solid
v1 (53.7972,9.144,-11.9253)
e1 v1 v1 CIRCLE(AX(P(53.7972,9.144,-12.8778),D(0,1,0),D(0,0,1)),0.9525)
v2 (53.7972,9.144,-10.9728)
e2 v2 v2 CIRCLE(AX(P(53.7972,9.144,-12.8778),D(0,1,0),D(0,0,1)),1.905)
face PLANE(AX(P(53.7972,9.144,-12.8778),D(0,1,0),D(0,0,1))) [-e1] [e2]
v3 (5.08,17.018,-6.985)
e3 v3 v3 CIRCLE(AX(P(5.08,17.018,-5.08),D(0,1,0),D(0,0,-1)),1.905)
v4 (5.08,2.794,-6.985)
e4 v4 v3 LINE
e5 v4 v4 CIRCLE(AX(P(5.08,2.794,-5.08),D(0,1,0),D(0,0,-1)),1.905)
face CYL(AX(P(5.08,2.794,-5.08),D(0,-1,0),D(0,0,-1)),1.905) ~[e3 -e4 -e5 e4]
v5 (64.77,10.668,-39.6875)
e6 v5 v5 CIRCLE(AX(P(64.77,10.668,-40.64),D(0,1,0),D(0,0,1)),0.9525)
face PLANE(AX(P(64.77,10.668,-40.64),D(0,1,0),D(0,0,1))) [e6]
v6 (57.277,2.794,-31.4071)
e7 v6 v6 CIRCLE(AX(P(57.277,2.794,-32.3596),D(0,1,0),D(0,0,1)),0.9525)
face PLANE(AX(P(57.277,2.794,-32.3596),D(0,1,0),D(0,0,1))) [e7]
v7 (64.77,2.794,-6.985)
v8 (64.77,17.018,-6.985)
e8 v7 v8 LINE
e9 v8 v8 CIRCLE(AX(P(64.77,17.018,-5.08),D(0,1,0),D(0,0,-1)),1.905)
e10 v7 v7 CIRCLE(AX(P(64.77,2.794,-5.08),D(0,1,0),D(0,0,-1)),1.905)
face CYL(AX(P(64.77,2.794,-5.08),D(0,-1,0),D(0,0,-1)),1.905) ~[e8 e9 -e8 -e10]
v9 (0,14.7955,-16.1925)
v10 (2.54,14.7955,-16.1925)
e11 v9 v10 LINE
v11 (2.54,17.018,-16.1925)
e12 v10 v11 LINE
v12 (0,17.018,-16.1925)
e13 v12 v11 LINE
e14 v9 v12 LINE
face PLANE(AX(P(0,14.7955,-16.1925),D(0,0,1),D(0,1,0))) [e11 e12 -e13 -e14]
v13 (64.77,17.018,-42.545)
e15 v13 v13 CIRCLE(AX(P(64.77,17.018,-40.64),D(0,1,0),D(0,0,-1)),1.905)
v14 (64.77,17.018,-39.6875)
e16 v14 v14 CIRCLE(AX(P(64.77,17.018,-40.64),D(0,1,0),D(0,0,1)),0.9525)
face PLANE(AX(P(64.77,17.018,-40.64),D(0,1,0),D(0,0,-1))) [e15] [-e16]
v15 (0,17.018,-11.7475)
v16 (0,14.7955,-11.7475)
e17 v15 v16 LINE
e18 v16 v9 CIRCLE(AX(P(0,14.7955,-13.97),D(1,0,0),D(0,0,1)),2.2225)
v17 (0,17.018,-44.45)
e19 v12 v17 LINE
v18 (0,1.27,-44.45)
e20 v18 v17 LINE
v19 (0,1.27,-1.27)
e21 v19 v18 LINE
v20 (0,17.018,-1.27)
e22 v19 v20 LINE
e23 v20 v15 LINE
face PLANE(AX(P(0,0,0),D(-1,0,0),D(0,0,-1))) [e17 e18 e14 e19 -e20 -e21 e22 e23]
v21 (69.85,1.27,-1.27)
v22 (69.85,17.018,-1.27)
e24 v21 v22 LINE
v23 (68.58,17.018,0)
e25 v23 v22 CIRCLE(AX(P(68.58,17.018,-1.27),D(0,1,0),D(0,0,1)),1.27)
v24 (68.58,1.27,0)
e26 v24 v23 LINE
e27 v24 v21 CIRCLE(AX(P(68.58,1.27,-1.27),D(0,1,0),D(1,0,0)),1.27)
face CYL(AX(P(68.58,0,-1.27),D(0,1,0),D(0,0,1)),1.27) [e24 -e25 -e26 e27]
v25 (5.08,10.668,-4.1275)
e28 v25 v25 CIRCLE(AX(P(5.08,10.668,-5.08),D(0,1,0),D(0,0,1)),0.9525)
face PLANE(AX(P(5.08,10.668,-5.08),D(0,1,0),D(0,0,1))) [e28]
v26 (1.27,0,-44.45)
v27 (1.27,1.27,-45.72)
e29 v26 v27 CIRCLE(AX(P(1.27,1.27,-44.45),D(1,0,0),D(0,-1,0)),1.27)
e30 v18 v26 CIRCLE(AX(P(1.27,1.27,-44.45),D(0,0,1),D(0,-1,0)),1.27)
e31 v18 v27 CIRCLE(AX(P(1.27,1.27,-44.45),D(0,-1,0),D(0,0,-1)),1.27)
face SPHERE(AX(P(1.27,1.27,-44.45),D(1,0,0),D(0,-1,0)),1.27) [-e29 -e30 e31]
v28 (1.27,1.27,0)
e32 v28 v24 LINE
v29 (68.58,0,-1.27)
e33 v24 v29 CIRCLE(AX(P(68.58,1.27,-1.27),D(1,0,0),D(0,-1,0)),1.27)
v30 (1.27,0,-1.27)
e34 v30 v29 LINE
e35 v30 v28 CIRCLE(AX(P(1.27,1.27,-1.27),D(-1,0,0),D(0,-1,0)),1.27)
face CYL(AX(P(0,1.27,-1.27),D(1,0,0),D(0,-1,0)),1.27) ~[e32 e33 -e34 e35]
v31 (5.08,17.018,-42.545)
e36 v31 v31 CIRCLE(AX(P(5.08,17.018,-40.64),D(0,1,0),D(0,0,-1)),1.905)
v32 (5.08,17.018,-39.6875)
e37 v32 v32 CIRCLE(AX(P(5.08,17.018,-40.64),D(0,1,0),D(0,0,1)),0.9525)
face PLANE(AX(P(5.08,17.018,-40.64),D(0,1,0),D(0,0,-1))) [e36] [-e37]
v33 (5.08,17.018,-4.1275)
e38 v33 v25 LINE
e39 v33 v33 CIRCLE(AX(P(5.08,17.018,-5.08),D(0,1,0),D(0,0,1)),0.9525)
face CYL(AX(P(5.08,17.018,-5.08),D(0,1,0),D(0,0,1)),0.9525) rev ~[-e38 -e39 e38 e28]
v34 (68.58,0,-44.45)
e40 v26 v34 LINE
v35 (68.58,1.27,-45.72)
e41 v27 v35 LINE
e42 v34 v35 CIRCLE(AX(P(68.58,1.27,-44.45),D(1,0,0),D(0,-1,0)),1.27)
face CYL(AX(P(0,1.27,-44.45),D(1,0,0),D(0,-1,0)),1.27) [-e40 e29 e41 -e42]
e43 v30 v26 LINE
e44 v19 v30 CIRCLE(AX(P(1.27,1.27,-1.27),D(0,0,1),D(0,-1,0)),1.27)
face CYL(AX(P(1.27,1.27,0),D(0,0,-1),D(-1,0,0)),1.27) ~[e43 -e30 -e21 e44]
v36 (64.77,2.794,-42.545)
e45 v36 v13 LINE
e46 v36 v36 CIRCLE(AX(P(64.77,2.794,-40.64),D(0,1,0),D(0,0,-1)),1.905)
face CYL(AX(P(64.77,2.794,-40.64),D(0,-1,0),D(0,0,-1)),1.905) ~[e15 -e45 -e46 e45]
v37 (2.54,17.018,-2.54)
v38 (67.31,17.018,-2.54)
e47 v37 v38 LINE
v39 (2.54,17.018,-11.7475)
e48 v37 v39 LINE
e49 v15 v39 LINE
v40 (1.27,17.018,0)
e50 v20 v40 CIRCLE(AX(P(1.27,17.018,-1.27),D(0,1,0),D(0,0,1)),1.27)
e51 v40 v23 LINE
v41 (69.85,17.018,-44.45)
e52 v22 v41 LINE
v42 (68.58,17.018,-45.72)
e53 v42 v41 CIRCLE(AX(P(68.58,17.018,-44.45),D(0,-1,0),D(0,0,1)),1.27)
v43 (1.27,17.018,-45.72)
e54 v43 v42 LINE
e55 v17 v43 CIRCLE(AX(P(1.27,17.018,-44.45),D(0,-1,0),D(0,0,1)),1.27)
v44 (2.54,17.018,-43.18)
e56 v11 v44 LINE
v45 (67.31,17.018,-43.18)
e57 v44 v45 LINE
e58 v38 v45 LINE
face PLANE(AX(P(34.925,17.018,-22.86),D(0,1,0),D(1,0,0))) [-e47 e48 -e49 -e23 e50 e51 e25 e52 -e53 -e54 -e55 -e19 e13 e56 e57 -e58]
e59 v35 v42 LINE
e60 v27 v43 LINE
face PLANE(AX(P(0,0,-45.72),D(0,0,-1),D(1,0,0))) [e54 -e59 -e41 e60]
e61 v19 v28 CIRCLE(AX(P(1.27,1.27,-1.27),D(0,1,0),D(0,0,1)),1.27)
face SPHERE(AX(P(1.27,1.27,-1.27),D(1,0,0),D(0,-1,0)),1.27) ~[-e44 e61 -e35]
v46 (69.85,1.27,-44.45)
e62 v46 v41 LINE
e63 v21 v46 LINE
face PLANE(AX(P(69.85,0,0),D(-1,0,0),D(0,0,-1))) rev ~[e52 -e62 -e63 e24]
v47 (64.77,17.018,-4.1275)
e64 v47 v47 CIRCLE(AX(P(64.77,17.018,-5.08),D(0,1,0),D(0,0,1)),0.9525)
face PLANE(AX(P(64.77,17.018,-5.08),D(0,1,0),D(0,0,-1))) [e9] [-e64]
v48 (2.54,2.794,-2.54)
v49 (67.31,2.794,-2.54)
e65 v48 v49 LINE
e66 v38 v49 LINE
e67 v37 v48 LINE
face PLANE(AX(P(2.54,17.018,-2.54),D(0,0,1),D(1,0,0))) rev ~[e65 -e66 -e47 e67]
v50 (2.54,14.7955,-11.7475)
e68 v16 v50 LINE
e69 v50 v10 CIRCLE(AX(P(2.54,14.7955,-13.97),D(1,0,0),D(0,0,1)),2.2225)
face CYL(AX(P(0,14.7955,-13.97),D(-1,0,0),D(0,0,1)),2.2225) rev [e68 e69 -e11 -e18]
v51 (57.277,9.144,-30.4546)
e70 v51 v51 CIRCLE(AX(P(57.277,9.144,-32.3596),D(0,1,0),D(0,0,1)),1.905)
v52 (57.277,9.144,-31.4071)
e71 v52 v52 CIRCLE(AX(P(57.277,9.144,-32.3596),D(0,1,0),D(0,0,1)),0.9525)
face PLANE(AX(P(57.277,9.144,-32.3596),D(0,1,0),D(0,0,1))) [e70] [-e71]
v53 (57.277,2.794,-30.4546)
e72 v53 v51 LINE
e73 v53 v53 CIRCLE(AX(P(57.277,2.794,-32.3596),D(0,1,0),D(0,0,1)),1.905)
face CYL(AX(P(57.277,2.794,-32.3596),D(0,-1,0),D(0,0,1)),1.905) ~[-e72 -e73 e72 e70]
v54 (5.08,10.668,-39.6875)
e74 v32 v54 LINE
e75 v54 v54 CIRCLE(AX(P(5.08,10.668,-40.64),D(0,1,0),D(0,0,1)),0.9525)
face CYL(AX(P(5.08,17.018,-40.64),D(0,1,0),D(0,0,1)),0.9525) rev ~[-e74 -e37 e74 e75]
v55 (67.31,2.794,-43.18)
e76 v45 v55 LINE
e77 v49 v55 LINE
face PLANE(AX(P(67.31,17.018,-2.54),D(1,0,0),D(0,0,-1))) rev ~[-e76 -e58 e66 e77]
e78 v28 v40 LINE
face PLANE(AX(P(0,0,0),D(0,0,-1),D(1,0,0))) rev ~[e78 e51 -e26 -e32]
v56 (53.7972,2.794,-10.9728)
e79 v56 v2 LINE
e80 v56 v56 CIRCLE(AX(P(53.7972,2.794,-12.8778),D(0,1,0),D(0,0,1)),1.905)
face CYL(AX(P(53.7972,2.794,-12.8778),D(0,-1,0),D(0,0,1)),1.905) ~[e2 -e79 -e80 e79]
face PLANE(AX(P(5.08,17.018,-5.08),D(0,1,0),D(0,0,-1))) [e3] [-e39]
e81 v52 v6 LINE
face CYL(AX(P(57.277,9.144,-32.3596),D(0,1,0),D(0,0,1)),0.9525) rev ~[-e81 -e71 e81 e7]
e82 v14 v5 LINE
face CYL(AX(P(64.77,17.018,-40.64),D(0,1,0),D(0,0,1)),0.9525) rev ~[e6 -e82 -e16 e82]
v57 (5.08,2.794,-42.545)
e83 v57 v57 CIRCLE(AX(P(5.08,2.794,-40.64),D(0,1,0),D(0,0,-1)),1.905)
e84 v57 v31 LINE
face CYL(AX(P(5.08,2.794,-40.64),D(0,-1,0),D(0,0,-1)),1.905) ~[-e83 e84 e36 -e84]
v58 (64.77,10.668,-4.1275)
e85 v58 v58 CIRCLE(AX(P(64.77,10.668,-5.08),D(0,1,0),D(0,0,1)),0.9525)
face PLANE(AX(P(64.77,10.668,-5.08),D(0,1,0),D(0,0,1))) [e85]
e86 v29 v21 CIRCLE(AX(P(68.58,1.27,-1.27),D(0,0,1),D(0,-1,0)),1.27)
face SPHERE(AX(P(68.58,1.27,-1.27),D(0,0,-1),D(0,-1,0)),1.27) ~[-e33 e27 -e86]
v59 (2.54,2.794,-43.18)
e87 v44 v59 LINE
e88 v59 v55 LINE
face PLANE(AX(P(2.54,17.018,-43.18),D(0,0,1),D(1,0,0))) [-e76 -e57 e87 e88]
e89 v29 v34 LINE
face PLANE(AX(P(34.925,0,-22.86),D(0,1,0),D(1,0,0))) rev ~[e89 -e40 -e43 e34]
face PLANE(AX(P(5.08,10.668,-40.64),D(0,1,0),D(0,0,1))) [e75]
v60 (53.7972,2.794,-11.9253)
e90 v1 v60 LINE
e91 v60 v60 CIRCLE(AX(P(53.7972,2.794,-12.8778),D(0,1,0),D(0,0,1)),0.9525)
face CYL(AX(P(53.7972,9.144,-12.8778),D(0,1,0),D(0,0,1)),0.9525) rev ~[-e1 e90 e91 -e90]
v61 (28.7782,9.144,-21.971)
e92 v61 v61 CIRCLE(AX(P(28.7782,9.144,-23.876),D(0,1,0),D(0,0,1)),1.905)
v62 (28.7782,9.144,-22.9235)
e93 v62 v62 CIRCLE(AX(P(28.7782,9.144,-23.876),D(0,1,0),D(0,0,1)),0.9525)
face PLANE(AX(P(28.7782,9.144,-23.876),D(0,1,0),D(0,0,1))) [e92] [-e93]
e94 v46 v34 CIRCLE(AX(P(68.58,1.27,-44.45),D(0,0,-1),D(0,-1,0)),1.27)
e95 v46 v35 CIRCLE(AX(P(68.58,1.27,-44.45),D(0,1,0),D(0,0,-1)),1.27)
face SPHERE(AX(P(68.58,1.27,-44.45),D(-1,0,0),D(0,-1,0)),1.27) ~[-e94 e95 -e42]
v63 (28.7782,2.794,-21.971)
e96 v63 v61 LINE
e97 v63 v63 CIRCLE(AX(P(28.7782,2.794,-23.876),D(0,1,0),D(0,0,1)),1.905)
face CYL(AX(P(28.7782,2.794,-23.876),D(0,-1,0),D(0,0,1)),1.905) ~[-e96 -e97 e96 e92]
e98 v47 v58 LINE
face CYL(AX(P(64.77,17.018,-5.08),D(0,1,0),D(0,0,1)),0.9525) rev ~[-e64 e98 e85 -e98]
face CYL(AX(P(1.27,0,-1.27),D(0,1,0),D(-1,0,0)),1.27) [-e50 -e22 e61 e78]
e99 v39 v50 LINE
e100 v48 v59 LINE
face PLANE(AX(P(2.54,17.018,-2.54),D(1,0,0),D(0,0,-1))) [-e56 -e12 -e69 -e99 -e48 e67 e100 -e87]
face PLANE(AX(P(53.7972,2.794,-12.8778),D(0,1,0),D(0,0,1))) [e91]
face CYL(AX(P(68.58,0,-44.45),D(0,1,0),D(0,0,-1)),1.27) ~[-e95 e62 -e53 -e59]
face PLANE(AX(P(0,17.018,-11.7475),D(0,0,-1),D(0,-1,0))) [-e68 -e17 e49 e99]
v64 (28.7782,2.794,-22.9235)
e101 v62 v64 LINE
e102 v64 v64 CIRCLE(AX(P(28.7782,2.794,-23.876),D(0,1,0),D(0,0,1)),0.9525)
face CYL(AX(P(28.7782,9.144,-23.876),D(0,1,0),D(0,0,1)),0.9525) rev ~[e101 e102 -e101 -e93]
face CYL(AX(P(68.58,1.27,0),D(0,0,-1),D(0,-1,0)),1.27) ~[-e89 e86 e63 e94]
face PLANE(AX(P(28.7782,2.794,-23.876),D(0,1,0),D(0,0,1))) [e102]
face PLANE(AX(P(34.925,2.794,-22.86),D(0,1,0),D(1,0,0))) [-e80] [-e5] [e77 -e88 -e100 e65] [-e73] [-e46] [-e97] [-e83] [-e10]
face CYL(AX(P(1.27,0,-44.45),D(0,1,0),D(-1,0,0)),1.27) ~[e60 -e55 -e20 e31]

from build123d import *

# Parameters (mm, degrees)
SKETCH2_W            = 69.85
SKETCH2_H            = 45.72
BOSS_EXTRUDE1_DEPTH  = 17.018
SKETCH3_W            = 64.77
SKETCH3_H            = 40.64
CUT_EXTRUDE1_DEPTH   = 14.224
SKETCH13_R           = 1.905
BOSS_EXTRUDE5_DEPTH  = 6.35
SKETCH14_R           = 0.9525
CUT_EXTRUDE4_DEPTH   = 6.35
CUT_EXTRUDE5_DEPTH   = 2.54
FILLET1_R            = 1.27
SKETCH18_R           = 1.905
BOSS_EXTRUDE11_DEPTH = 14.224
SKETCH19_R           = 0.9525
CUT_EXTRUDE6_DEPTH   = 6.35


with BuildPart() as part:
    # Sketch2 → Boss-Extrude1 (new body)
    with BuildSketch(Plane(origin=(0, 0, 0), x_dir=(1, 0, 0), z_dir=(0, 1, 0))):
        with Locations((34.925, 22.86)):
            Rectangle(SKETCH2_W, SKETCH2_H)
    extrude(amount=BOSS_EXTRUDE1_DEPTH)

    # Sketch3 → Cut-Extrude1 (cut)
    with BuildSketch(Plane(origin=(0, 17.018, 0), x_dir=(1, 0, 0), z_dir=(0, 1, 0))):
        with Locations((34.925, 22.86)):
            Rectangle(SKETCH3_W, SKETCH3_H)
    extrude(amount=-CUT_EXTRUDE1_DEPTH, mode=Mode.SUBTRACT)

    # Sketch13 → Boss-Extrude5 (add)
    with BuildSketch(Plane(origin=(0, 2.794, 0), x_dir=(1, 0, 0), z_dir=(0, 1, 0))):
        with Locations(Location((57.277, 32.3596, 0), (0, 0, 270))):
            Circle(SKETCH13_R)
        with Locations(Location((53.7972, 12.8778, 0), (0, 0, 270))):
            Circle(SKETCH13_R)
        with Locations(Location((28.7782, 23.876, 0), (0, 0, 270))):
            Circle(SKETCH13_R)
    extrude(amount=BOSS_EXTRUDE5_DEPTH)

    # Sketch14 → Cut-Extrude4 (cut)
    with BuildSketch(Plane(origin=(0, 9.144, 0), x_dir=(1, 0, 0), z_dir=(0, 1, 0))):
        with Locations(Location((57.277, 32.3596, 0), (0, 0, 270))):
            Circle(SKETCH14_R)
        with Locations(Location((53.7972, 12.8778, 0), (0, 0, 270))):
            Circle(SKETCH14_R)
        with Locations(Location((28.7782, 23.876, 0), (0, 0, 270))):
            Circle(SKETCH14_R)
    extrude(amount=-CUT_EXTRUDE4_DEPTH, mode=Mode.SUBTRACT)

    # Sketch17 → Cut-Extrude5 (cut)
    with BuildSketch(Plane.ZY):
        with BuildLine():
            Line((-16.1925, 14.7955), (-16.1925, 17.018))
            Line((-16.1925, 17.018), (-11.7475, 17.018))
            Line((-11.7475, 17.018), (-11.7475, 14.7955))
            ThreePointArc((-11.7475, 14.7955), (-13.97, 12.573), (-16.1925, 14.7955))
        make_face()
    extrude(amount=-CUT_EXTRUDE5_DEPTH, mode=Mode.SUBTRACT)

    # Fillet1
    fillet1_edges = [part.edges().sort_by_distance(p)[0] for p in [
        (34.925, 0, -45.72),
        (69.85, 0, -22.86),
        (34.925, 0, 0),
        (0, 0, -22.86),
        (0, 8.509, -45.72),
        (69.85, 8.509, -45.72),
        (69.85, 8.509, 0),
        (0, 8.509, 0),
    ]]
    fillet(fillet1_edges, radius=FILLET1_R)

    # Sketch18 → Boss-Extrude11 (add)
    with BuildSketch(Plane(origin=(0, 2.794, 0), x_dir=(1, 0, 0), z_dir=(0, 1, 0))):
        with Locations(Location((5.08, 40.64, 0), (0, 0, 90))):
            Circle(SKETCH18_R)
        with Locations(Location((64.77, 40.64, 0), (0, 0, 90))):
            Circle(SKETCH18_R)
        with Locations(Location((5.08, 5.08, 0), (0, 0, 90))):
            Circle(SKETCH18_R)
        with Locations(Location((64.77, 5.08, 0), (0, 0, 90))):
            Circle(SKETCH18_R)
    extrude(amount=BOSS_EXTRUDE11_DEPTH)

    # Sketch19 → Cut-Extrude6 (cut)
    with BuildSketch(Plane(origin=(0, 17.018, 0), x_dir=(1, 0, 0), z_dir=(0, 1, 0))):
        with Locations(Location((5.08, 40.64, 0), (0, 0, 270))):
            Circle(SKETCH19_R)
        with Locations(Location((64.77, 40.64, 0), (0, 0, 270))):
            Circle(SKETCH19_R)
        with Locations(Location((64.77, 5.08, 0), (0, 0, 270))):
            Circle(SKETCH19_R)
        with Locations(Location((5.08, 5.08, 0), (0, 0, 270))):
            Circle(SKETCH19_R)
    extrude(amount=-CUT_EXTRUDE6_DEPTH, mode=Mode.SUBTRACT)


solid = part.part
